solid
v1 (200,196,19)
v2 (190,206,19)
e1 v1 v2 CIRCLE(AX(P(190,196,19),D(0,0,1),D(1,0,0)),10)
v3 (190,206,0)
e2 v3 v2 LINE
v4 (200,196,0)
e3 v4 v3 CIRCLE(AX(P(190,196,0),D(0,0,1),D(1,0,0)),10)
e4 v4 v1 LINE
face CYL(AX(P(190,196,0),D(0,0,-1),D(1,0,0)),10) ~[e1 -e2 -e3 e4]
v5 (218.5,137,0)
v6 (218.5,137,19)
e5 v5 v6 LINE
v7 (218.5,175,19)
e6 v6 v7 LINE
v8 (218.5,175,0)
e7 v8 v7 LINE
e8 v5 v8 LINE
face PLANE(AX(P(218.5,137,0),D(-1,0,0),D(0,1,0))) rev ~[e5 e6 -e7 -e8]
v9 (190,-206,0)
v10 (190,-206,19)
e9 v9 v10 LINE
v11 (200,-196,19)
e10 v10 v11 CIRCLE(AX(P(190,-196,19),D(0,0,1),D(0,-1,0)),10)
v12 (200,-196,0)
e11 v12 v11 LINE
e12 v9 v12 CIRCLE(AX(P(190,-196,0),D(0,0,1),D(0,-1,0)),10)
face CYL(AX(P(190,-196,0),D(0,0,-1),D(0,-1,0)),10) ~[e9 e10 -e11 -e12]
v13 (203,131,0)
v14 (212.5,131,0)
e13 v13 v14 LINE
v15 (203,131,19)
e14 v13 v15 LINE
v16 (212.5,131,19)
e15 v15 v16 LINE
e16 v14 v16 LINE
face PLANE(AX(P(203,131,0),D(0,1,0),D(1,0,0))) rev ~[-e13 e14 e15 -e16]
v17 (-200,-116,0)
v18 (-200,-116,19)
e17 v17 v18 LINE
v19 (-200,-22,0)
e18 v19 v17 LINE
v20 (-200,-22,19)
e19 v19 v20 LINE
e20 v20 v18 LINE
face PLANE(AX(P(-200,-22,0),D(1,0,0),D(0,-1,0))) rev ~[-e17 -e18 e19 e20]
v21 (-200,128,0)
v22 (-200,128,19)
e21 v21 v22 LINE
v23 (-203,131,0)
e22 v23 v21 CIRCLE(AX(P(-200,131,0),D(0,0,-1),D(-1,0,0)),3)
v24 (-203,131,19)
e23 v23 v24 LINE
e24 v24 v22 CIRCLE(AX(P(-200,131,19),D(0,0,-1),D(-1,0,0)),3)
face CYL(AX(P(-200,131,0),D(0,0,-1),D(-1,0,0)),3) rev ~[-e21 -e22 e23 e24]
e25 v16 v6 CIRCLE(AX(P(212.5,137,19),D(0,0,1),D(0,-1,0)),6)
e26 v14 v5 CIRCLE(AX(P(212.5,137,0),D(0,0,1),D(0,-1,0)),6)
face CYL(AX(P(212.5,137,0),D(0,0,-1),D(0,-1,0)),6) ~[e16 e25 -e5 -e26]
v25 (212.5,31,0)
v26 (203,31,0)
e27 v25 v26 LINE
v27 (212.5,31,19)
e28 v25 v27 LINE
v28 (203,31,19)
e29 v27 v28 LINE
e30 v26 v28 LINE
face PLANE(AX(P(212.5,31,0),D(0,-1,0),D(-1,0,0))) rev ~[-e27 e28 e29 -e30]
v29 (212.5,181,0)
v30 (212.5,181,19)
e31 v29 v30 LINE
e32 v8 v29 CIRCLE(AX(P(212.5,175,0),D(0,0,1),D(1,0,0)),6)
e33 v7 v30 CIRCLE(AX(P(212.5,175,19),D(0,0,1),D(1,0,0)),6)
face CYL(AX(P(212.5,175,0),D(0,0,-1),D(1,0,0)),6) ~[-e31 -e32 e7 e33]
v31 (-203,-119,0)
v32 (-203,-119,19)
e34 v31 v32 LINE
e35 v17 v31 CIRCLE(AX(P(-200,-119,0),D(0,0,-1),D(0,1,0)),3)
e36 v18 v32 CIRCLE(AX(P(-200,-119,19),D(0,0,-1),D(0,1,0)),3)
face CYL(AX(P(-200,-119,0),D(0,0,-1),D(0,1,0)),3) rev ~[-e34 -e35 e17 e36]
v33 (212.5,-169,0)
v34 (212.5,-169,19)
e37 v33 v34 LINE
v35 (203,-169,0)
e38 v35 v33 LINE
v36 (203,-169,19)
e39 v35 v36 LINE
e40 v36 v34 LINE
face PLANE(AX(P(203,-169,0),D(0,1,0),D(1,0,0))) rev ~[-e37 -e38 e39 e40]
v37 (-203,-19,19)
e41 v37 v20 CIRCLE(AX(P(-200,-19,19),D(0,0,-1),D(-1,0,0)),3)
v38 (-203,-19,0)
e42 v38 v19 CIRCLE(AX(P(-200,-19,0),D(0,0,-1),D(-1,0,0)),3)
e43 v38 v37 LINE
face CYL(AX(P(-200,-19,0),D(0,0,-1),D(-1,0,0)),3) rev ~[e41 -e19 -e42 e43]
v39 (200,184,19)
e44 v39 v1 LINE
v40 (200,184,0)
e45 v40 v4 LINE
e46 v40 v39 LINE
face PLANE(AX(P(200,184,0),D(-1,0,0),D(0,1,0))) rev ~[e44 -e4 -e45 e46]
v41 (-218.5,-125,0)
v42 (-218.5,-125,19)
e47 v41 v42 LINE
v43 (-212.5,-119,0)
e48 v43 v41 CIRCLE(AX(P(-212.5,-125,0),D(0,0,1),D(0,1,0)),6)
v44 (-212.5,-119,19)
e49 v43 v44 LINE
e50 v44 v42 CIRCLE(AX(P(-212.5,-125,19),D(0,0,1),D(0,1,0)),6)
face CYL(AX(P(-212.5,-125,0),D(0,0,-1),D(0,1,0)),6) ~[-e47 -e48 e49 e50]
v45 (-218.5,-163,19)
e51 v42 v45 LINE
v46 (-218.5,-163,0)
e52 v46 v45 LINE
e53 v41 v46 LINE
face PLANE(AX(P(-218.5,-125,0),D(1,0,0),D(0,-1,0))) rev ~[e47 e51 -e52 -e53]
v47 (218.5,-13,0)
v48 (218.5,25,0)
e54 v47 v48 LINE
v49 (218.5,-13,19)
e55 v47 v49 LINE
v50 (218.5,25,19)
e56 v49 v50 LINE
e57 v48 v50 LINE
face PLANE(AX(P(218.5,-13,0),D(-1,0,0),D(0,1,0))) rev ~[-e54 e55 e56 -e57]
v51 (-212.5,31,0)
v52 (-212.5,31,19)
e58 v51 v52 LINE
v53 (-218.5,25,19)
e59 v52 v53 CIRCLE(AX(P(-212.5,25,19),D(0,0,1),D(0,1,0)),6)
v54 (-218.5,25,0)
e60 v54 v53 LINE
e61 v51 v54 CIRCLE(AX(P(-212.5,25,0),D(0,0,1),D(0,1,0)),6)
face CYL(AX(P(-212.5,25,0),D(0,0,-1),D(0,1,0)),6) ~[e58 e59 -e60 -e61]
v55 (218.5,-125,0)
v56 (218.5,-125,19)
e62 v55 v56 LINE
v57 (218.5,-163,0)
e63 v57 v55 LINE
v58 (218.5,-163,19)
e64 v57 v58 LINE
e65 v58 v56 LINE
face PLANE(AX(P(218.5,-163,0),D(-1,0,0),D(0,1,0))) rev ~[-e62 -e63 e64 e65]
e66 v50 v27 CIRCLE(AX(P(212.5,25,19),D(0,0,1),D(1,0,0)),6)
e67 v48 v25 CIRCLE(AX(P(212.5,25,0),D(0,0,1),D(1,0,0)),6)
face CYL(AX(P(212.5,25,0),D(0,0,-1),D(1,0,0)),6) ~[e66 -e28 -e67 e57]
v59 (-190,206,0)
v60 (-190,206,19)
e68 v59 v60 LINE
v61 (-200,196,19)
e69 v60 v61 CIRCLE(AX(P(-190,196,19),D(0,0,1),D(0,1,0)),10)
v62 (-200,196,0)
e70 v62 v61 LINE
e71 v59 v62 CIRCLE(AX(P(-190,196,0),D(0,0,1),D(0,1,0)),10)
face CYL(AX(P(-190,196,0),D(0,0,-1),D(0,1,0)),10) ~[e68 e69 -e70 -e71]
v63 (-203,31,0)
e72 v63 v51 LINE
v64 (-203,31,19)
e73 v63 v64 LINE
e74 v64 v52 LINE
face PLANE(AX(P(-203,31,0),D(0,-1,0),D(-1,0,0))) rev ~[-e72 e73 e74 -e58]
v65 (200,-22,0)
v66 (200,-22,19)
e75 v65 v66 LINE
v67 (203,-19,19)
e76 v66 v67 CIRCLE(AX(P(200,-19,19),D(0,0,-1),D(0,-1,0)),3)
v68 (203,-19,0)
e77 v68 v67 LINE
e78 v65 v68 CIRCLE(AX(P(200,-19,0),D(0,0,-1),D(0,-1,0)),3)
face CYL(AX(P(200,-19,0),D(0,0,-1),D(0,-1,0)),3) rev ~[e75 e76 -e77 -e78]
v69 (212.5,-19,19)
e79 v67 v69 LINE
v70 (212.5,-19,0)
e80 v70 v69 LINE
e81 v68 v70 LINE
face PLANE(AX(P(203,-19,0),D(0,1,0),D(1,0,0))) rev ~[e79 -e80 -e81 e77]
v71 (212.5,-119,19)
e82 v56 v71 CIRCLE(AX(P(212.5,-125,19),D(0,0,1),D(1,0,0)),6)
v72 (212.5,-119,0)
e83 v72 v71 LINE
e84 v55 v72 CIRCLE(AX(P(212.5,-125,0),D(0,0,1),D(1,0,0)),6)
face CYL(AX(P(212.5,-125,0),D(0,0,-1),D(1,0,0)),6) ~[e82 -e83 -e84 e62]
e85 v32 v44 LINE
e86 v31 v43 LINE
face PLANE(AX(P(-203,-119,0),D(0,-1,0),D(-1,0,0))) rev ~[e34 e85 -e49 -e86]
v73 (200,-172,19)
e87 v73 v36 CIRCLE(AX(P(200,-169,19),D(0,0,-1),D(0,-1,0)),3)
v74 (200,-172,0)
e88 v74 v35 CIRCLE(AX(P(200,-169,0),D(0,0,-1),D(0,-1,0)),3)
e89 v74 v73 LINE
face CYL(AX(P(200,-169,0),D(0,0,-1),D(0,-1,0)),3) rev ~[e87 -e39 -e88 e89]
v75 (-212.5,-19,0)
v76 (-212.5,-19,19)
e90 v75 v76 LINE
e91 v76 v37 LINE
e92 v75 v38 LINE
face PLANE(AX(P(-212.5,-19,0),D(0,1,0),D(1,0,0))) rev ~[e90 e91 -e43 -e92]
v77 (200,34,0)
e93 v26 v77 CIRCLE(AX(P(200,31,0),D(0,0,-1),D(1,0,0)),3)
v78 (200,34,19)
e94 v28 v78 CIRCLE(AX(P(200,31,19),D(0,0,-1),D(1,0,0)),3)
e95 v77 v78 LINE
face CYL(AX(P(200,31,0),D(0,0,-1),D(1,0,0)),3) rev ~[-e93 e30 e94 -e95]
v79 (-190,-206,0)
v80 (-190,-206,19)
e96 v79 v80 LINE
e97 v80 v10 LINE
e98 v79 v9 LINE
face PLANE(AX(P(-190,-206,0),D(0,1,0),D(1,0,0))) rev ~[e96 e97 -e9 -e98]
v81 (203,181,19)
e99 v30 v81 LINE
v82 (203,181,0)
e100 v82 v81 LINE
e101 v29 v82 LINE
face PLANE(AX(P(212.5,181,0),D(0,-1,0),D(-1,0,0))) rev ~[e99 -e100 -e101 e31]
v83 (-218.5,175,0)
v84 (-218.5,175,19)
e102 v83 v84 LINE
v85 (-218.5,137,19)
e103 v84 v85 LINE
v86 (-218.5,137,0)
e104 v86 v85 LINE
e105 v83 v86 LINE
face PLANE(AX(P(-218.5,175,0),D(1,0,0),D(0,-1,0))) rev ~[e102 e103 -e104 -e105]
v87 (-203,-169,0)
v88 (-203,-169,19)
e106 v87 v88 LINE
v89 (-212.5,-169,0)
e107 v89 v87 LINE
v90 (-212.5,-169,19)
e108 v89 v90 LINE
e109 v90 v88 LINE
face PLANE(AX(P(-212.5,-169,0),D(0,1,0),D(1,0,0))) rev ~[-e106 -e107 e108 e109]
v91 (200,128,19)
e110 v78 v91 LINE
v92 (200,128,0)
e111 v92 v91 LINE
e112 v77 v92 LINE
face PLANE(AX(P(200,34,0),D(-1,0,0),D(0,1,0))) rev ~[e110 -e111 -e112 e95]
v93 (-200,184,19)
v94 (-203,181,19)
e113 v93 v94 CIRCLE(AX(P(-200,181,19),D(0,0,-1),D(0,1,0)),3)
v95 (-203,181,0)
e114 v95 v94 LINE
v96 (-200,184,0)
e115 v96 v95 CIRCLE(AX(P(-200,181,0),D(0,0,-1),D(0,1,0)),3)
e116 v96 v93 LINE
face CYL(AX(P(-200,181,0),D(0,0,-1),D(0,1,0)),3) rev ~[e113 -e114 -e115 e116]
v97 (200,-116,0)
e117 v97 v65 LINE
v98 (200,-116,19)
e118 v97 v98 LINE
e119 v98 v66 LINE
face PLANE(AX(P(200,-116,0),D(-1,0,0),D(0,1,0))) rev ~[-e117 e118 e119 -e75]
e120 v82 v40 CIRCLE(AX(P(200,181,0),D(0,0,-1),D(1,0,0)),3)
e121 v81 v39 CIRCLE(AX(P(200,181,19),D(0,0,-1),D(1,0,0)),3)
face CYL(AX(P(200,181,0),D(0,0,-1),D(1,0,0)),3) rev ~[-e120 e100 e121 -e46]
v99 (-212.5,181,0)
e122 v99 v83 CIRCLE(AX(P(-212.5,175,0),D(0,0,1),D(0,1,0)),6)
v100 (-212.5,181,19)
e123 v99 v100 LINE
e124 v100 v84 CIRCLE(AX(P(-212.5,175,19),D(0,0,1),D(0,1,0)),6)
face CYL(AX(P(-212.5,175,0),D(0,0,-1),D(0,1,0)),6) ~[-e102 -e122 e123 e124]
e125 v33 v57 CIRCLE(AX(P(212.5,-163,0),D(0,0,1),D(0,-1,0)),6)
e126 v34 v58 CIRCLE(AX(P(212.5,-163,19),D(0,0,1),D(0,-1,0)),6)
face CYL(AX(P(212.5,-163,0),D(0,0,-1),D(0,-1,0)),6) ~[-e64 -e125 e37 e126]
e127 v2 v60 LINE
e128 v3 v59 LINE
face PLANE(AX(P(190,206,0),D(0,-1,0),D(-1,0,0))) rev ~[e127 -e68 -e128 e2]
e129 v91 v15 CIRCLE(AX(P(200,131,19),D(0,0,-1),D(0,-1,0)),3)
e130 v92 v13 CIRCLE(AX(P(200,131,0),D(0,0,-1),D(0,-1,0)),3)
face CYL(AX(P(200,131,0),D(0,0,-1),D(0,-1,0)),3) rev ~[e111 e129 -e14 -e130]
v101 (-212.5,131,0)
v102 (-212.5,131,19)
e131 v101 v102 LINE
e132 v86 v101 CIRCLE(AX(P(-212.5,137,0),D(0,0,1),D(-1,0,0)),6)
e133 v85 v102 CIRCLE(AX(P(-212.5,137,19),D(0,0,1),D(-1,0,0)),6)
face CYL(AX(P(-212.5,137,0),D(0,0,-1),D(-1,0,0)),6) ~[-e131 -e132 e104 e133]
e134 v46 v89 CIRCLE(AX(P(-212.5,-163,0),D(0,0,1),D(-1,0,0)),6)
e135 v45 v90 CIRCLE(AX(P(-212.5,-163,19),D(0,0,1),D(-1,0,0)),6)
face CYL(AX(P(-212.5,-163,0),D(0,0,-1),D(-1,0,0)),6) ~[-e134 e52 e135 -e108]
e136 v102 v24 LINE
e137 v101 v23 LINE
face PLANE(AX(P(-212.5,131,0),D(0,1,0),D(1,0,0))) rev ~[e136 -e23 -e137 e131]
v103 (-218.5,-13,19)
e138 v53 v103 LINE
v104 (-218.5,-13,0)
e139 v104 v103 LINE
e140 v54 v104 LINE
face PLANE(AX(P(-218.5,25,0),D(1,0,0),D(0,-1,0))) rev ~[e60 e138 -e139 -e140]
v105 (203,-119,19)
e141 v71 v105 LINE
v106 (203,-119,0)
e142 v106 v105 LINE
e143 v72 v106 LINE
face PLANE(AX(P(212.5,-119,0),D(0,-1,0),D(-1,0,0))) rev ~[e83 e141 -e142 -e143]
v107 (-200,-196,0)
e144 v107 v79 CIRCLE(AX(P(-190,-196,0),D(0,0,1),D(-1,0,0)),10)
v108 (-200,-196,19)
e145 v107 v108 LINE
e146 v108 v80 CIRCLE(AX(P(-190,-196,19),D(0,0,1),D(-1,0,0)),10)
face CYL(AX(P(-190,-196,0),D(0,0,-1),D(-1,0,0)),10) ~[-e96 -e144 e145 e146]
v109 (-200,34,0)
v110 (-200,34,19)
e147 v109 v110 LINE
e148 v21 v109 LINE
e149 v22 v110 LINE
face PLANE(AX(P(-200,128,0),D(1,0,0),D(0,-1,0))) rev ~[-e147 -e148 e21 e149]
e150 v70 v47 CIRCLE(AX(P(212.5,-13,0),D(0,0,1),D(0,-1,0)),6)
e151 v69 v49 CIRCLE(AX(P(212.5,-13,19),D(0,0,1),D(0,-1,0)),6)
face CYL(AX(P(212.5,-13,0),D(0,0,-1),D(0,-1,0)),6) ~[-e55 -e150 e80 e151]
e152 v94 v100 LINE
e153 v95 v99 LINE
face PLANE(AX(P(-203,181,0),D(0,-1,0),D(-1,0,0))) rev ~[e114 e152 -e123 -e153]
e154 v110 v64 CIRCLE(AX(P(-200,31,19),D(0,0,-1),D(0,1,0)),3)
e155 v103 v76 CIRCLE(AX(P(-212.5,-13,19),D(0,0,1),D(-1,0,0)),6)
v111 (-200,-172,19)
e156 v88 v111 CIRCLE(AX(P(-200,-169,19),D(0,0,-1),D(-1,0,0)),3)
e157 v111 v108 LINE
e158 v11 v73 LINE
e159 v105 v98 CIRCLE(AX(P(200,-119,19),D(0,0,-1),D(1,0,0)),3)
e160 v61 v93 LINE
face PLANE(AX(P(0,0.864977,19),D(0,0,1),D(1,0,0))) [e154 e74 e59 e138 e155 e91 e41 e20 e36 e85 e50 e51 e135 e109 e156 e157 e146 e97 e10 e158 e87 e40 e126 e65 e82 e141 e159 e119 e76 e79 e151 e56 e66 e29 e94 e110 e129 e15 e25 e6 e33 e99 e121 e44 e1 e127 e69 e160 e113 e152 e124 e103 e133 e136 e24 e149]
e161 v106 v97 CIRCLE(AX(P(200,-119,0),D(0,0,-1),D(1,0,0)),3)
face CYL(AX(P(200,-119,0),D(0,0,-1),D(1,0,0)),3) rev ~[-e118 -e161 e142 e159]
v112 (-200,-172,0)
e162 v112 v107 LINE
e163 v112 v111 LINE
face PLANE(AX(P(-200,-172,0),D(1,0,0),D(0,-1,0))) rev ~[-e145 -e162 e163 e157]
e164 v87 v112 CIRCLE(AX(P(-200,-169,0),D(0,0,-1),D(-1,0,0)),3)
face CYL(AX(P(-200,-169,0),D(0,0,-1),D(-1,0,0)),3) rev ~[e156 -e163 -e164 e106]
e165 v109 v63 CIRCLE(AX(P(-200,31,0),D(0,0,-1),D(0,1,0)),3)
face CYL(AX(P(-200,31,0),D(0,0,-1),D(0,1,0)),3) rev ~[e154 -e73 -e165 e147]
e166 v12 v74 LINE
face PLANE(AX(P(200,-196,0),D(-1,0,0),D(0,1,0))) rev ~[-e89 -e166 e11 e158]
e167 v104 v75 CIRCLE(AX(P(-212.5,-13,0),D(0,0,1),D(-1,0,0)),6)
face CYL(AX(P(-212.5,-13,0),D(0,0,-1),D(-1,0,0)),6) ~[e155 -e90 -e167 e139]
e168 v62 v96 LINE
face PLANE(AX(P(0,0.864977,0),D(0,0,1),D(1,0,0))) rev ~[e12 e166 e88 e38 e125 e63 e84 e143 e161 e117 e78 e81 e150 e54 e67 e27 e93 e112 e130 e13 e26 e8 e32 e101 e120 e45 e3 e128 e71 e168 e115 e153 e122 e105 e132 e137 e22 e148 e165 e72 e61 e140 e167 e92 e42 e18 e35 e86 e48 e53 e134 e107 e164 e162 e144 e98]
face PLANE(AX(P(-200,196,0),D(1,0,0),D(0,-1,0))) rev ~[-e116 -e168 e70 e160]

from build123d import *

# Parameters (mm, degrees)
BOSS_EXTRUDE1_DEPTH = 19


with BuildPart() as part:
    # Sketch1 → Boss-Extrude1 (new body)
    with BuildSketch(Plane.XY):
        with BuildLine():
            Line((-203, 31), (-212.5, 31))
            ThreePointArc((-212.5, 31), (-216.742640687, 29.242640687), (-218.5, 25))
            Line((-218.5, 25), (-218.5, -13))
            ThreePointArc((-218.5, -13), (-216.742640687, -17.242640687), (-212.5, -19))
            Line((-212.5, -19), (-203, -19))
            ThreePointArc((-203, -19), (-197.878679656, -16.878679656), (-200, -22))
            Line((-200, -22), (-200, -116))
            ThreePointArc((-200, -116), (-197.878679656, -121.121320344), (-203, -119))
            Line((-203, -119), (-212.5, -119))
            ThreePointArc((-212.5, -119), (-216.742640687, -120.757359313), (-218.5, -125))
            Line((-218.5, -125), (-218.5, -163))
            ThreePointArc((-218.5, -163), (-216.742640687, -167.242640687), (-212.5, -169))
            Line((-212.5, -169), (-203, -169))
            ThreePointArc((-203, -169), (-197.878679656, -166.878679656), (-200, -172))
            Line((-200, -172), (-200, -196))
            ThreePointArc((-200, -196), (-197.071067812, -203.071067812), (-190, -206))
            Line((-190, -206), (190, -206))
            ThreePointArc((190, -206), (197.071067812, -203.071067812), (200, -196))
            Line((200, -196), (200, -172))
            ThreePointArc((200, -172), (197.878679656, -166.878679656), (203, -169))
            Line((203, -169), (212.5, -169))
            ThreePointArc((212.5, -169), (216.742640687, -167.242640687), (218.5, -163))
            Line((218.5, -163), (218.5, -125))
            ThreePointArc((218.5, -125), (216.742640687, -120.757359313), (212.5, -119))
            Line((212.5, -119), (203, -119))
            ThreePointArc((203, -119), (197.878679656, -121.121320344), (200, -116))
            Line((200, -116), (200, -22))
            ThreePointArc((200, -22), (197.878679656, -16.878679656), (203, -19))
            Line((203, -19), (212.5, -19))
            ThreePointArc((212.5, -19), (216.742640687, -17.242640687), (218.5, -13))
            Line((218.5, -13), (218.5, 25))
            ThreePointArc((218.5, 25), (216.742640687, 29.242640687), (212.5, 31))
            Line((212.5, 31), (203, 31))
            ThreePointArc((203, 31), (197.878679656, 28.878679656), (200, 34))
            Line((200, 34), (200, 128))
            ThreePointArc((200, 128), (197.878679656, 133.121320344), (203, 131))
            Line((203, 131), (212.5, 131))
            ThreePointArc((212.5, 131), (216.742640687, 132.757359313), (218.5, 137))
            Line((218.5, 137), (218.5, 175))
            ThreePointArc((218.5, 175), (216.742640687, 179.242640687), (212.5, 181))
            Line((212.5, 181), (203, 181))
            ThreePointArc((203, 181), (197.878679656, 178.878679656), (200, 184))
            Line((200, 184), (200, 196))
            ThreePointArc((200, 196), (197.071067812, 203.071067812), (190, 206))
            Line((190, 206), (-190, 206))
            ThreePointArc((-190, 206), (-197.071067812, 203.071067812), (-200, 196))
            Line((-200, 196), (-200, 184))
            ThreePointArc((-200, 184), (-197.878679656, 178.878679656), (-203, 181))
            Line((-203, 181), (-212.5, 181))
            ThreePointArc((-212.5, 181), (-216.742640687, 179.242640687), (-218.5, 175))
            Line((-218.5, 175), (-218.5, 137))
            ThreePointArc((-218.5, 137), (-216.742640687, 132.757359313), (-212.5, 131))
            Line((-212.5, 131), (-203, 131))
            ThreePointArc((-203, 131), (-197.878679656, 133.121320344), (-200, 128))
            Line((-200, 128), (-200, 34))
            ThreePointArc((-200, 34), (-197.878679656, 28.878679656), (-203, 31))
        make_face()
    extrude(amount=BOSS_EXTRUDE1_DEPTH)


solid = part.part
